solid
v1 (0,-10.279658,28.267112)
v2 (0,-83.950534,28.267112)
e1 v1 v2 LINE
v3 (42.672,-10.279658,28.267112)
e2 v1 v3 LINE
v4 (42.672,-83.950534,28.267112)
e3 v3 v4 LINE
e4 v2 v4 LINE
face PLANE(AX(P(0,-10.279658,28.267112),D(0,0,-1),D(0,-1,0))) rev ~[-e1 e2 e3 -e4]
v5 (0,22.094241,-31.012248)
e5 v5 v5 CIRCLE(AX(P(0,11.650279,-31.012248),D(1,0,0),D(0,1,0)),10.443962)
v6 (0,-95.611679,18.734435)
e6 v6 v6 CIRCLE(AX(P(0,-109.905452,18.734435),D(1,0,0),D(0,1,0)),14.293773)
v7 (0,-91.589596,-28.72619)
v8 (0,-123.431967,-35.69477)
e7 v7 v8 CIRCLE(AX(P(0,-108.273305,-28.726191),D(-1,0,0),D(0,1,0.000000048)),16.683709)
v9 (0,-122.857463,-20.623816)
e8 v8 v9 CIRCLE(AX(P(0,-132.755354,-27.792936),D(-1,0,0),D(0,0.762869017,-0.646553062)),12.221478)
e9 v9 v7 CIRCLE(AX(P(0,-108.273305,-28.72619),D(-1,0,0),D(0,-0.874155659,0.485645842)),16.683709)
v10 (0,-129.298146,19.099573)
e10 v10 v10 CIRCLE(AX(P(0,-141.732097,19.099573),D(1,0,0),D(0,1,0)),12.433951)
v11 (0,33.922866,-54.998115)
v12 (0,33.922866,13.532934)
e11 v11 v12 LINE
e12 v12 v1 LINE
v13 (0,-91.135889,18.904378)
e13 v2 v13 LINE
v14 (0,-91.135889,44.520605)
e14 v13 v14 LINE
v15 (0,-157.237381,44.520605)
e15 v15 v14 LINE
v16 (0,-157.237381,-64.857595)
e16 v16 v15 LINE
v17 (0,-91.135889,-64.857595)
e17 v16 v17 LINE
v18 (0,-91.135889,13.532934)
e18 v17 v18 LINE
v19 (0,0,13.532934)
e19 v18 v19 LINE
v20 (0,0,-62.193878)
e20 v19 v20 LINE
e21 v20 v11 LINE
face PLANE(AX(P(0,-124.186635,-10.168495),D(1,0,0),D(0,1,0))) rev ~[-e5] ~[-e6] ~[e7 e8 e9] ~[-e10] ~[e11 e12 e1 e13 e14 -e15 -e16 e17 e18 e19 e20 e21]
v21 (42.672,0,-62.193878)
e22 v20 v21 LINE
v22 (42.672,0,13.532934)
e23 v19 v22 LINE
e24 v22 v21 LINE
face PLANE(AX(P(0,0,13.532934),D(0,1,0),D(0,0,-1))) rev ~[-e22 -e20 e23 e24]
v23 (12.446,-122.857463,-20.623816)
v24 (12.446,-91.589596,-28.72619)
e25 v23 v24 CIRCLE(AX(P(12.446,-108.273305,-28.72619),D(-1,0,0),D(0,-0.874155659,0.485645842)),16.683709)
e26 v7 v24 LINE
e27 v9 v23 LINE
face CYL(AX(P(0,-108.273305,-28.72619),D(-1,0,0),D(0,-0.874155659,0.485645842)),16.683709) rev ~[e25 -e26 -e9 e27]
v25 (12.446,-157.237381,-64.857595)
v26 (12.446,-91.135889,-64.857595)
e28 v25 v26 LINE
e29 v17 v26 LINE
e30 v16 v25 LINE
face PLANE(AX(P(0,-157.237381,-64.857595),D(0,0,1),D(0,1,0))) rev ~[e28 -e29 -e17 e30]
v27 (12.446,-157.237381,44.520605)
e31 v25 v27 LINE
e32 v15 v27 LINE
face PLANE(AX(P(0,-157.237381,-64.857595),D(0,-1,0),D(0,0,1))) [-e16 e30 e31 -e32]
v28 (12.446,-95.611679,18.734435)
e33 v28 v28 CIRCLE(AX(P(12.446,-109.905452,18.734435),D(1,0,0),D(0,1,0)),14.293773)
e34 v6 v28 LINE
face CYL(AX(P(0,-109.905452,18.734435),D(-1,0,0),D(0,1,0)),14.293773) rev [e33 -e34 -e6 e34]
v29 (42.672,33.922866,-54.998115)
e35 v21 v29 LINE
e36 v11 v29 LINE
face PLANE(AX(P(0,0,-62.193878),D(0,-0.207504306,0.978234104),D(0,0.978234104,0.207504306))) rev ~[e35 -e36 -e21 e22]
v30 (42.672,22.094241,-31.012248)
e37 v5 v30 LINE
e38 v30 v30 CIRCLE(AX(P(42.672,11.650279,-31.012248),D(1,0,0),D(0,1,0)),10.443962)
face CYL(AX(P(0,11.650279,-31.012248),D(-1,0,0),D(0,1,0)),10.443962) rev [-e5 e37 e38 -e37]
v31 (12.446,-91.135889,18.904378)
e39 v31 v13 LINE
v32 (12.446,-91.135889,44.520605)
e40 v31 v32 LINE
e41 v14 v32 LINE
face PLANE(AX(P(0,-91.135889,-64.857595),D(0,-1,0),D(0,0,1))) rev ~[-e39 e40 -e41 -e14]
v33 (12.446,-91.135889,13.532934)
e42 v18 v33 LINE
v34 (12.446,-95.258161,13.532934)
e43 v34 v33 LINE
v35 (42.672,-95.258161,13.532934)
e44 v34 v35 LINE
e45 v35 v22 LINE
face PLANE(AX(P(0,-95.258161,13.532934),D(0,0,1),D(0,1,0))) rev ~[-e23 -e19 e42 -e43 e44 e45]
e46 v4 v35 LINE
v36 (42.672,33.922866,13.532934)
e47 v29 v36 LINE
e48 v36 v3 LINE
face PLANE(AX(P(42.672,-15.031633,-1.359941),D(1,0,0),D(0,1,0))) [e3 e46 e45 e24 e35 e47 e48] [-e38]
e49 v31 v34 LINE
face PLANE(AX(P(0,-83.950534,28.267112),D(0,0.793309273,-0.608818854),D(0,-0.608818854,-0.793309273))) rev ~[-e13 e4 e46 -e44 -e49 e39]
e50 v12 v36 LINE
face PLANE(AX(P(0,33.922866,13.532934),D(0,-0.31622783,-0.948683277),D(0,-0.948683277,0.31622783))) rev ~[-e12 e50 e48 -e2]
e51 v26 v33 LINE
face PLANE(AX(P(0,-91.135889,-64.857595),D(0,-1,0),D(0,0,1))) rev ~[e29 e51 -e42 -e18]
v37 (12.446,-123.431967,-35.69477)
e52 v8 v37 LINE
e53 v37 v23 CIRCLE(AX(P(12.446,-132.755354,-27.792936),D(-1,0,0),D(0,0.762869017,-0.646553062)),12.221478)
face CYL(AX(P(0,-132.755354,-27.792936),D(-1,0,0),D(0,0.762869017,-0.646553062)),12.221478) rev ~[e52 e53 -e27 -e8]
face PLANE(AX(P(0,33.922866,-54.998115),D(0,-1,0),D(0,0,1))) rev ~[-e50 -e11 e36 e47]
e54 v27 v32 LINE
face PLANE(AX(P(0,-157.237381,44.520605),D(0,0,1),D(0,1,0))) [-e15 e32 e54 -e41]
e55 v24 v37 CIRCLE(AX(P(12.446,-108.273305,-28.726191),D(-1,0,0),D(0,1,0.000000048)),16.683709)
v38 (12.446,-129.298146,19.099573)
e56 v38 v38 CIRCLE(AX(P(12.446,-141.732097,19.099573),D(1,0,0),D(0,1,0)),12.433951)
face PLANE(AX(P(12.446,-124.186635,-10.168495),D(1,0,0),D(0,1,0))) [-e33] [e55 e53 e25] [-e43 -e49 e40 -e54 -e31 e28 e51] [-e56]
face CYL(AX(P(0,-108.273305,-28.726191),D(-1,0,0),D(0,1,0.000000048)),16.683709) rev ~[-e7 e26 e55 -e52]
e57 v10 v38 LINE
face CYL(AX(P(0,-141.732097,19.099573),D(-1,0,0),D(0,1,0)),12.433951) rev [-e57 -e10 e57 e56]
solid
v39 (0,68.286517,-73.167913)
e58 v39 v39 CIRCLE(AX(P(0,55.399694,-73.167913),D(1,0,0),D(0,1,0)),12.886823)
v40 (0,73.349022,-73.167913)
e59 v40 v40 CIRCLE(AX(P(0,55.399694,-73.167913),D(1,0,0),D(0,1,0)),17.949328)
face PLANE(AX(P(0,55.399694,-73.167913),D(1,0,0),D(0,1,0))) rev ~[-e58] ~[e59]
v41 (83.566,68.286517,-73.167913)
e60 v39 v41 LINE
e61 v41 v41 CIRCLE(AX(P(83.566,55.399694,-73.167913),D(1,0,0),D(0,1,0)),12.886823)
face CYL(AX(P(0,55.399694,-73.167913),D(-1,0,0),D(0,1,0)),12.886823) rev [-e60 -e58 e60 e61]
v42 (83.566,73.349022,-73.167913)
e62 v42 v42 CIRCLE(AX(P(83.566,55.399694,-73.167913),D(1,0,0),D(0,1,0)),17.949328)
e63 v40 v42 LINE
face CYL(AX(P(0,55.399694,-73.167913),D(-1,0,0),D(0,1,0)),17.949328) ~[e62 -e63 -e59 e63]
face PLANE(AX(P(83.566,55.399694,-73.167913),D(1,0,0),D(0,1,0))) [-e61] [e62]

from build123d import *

# Parameters (mm, degrees)
F0_R     = 10.443962
F1_DEPTH = 42.672
F2_W     = 66.101492
F2_H     = 109.3782
F2_R     = 12.433951
F2_R_2   = 14.293773
F3_DEPTH = 12.446
F4_R     = 17.949328
F4_R_2   = 12.886823
F5_DEPTH = 83.566


with BuildPart() as f1:
    # F0 (on Right) → F1 (new body)
    with BuildSketch(Plane.YZ):
        Polygon((0, -62.193878), (33.922866, -54.998115), (33.922866, 13.532934), (-10.279658, 28.267112), (-83.950534, 28.267112), (-95.258161, 13.532934), (-40.433321, 13.532934), (0, 13.532934), (0, -10.795589), align=None)
        with Locations((11.650279, -31.012248)):
            Circle(F0_R, mode=Mode.SUBTRACT)
    extrude(amount=F1_DEPTH)

    # F2 (on Right) → F3 (join)
    with BuildSketch(Plane.YZ):
        with Locations((-124.186635, -10.168495)):
            Rectangle(F2_W, F2_H)
        with BuildLine():
            ThreePointArc((-123.431967, -35.69477), (-144.967962, -27.327392), (-122.857463, -20.623816))
            ThreePointArc((-122.857463, -20.623816), (-104.088314, -12.575896), (-91.589596, -28.72619))
            ThreePointArc((-91.589596, -28.72619), (-104.706553, -45.024179), (-123.431967, -35.69477))
        make_face(mode=Mode.SUBTRACT)
        with Locations((-141.732097, 19.099573)):
            Circle(F2_R, mode=Mode.SUBTRACT)
        with Locations((-109.905452, 18.734435)):
            Circle(F2_R_2, mode=Mode.SUBTRACT)
    extrude(amount=F3_DEPTH)


with BuildPart() as f5:
    # F4 (on Right) → F5 (new body)
    with BuildSketch(Plane.YZ):
        with Locations((55.399694, -73.167913)):
            Circle(F4_R)
        with Locations((55.399694, -73.167913)):
            Circle(F4_R_2, mode=Mode.SUBTRACT)
    extrude(amount=F5_DEPTH)


solid = Compound([f1.part, f5.part])
